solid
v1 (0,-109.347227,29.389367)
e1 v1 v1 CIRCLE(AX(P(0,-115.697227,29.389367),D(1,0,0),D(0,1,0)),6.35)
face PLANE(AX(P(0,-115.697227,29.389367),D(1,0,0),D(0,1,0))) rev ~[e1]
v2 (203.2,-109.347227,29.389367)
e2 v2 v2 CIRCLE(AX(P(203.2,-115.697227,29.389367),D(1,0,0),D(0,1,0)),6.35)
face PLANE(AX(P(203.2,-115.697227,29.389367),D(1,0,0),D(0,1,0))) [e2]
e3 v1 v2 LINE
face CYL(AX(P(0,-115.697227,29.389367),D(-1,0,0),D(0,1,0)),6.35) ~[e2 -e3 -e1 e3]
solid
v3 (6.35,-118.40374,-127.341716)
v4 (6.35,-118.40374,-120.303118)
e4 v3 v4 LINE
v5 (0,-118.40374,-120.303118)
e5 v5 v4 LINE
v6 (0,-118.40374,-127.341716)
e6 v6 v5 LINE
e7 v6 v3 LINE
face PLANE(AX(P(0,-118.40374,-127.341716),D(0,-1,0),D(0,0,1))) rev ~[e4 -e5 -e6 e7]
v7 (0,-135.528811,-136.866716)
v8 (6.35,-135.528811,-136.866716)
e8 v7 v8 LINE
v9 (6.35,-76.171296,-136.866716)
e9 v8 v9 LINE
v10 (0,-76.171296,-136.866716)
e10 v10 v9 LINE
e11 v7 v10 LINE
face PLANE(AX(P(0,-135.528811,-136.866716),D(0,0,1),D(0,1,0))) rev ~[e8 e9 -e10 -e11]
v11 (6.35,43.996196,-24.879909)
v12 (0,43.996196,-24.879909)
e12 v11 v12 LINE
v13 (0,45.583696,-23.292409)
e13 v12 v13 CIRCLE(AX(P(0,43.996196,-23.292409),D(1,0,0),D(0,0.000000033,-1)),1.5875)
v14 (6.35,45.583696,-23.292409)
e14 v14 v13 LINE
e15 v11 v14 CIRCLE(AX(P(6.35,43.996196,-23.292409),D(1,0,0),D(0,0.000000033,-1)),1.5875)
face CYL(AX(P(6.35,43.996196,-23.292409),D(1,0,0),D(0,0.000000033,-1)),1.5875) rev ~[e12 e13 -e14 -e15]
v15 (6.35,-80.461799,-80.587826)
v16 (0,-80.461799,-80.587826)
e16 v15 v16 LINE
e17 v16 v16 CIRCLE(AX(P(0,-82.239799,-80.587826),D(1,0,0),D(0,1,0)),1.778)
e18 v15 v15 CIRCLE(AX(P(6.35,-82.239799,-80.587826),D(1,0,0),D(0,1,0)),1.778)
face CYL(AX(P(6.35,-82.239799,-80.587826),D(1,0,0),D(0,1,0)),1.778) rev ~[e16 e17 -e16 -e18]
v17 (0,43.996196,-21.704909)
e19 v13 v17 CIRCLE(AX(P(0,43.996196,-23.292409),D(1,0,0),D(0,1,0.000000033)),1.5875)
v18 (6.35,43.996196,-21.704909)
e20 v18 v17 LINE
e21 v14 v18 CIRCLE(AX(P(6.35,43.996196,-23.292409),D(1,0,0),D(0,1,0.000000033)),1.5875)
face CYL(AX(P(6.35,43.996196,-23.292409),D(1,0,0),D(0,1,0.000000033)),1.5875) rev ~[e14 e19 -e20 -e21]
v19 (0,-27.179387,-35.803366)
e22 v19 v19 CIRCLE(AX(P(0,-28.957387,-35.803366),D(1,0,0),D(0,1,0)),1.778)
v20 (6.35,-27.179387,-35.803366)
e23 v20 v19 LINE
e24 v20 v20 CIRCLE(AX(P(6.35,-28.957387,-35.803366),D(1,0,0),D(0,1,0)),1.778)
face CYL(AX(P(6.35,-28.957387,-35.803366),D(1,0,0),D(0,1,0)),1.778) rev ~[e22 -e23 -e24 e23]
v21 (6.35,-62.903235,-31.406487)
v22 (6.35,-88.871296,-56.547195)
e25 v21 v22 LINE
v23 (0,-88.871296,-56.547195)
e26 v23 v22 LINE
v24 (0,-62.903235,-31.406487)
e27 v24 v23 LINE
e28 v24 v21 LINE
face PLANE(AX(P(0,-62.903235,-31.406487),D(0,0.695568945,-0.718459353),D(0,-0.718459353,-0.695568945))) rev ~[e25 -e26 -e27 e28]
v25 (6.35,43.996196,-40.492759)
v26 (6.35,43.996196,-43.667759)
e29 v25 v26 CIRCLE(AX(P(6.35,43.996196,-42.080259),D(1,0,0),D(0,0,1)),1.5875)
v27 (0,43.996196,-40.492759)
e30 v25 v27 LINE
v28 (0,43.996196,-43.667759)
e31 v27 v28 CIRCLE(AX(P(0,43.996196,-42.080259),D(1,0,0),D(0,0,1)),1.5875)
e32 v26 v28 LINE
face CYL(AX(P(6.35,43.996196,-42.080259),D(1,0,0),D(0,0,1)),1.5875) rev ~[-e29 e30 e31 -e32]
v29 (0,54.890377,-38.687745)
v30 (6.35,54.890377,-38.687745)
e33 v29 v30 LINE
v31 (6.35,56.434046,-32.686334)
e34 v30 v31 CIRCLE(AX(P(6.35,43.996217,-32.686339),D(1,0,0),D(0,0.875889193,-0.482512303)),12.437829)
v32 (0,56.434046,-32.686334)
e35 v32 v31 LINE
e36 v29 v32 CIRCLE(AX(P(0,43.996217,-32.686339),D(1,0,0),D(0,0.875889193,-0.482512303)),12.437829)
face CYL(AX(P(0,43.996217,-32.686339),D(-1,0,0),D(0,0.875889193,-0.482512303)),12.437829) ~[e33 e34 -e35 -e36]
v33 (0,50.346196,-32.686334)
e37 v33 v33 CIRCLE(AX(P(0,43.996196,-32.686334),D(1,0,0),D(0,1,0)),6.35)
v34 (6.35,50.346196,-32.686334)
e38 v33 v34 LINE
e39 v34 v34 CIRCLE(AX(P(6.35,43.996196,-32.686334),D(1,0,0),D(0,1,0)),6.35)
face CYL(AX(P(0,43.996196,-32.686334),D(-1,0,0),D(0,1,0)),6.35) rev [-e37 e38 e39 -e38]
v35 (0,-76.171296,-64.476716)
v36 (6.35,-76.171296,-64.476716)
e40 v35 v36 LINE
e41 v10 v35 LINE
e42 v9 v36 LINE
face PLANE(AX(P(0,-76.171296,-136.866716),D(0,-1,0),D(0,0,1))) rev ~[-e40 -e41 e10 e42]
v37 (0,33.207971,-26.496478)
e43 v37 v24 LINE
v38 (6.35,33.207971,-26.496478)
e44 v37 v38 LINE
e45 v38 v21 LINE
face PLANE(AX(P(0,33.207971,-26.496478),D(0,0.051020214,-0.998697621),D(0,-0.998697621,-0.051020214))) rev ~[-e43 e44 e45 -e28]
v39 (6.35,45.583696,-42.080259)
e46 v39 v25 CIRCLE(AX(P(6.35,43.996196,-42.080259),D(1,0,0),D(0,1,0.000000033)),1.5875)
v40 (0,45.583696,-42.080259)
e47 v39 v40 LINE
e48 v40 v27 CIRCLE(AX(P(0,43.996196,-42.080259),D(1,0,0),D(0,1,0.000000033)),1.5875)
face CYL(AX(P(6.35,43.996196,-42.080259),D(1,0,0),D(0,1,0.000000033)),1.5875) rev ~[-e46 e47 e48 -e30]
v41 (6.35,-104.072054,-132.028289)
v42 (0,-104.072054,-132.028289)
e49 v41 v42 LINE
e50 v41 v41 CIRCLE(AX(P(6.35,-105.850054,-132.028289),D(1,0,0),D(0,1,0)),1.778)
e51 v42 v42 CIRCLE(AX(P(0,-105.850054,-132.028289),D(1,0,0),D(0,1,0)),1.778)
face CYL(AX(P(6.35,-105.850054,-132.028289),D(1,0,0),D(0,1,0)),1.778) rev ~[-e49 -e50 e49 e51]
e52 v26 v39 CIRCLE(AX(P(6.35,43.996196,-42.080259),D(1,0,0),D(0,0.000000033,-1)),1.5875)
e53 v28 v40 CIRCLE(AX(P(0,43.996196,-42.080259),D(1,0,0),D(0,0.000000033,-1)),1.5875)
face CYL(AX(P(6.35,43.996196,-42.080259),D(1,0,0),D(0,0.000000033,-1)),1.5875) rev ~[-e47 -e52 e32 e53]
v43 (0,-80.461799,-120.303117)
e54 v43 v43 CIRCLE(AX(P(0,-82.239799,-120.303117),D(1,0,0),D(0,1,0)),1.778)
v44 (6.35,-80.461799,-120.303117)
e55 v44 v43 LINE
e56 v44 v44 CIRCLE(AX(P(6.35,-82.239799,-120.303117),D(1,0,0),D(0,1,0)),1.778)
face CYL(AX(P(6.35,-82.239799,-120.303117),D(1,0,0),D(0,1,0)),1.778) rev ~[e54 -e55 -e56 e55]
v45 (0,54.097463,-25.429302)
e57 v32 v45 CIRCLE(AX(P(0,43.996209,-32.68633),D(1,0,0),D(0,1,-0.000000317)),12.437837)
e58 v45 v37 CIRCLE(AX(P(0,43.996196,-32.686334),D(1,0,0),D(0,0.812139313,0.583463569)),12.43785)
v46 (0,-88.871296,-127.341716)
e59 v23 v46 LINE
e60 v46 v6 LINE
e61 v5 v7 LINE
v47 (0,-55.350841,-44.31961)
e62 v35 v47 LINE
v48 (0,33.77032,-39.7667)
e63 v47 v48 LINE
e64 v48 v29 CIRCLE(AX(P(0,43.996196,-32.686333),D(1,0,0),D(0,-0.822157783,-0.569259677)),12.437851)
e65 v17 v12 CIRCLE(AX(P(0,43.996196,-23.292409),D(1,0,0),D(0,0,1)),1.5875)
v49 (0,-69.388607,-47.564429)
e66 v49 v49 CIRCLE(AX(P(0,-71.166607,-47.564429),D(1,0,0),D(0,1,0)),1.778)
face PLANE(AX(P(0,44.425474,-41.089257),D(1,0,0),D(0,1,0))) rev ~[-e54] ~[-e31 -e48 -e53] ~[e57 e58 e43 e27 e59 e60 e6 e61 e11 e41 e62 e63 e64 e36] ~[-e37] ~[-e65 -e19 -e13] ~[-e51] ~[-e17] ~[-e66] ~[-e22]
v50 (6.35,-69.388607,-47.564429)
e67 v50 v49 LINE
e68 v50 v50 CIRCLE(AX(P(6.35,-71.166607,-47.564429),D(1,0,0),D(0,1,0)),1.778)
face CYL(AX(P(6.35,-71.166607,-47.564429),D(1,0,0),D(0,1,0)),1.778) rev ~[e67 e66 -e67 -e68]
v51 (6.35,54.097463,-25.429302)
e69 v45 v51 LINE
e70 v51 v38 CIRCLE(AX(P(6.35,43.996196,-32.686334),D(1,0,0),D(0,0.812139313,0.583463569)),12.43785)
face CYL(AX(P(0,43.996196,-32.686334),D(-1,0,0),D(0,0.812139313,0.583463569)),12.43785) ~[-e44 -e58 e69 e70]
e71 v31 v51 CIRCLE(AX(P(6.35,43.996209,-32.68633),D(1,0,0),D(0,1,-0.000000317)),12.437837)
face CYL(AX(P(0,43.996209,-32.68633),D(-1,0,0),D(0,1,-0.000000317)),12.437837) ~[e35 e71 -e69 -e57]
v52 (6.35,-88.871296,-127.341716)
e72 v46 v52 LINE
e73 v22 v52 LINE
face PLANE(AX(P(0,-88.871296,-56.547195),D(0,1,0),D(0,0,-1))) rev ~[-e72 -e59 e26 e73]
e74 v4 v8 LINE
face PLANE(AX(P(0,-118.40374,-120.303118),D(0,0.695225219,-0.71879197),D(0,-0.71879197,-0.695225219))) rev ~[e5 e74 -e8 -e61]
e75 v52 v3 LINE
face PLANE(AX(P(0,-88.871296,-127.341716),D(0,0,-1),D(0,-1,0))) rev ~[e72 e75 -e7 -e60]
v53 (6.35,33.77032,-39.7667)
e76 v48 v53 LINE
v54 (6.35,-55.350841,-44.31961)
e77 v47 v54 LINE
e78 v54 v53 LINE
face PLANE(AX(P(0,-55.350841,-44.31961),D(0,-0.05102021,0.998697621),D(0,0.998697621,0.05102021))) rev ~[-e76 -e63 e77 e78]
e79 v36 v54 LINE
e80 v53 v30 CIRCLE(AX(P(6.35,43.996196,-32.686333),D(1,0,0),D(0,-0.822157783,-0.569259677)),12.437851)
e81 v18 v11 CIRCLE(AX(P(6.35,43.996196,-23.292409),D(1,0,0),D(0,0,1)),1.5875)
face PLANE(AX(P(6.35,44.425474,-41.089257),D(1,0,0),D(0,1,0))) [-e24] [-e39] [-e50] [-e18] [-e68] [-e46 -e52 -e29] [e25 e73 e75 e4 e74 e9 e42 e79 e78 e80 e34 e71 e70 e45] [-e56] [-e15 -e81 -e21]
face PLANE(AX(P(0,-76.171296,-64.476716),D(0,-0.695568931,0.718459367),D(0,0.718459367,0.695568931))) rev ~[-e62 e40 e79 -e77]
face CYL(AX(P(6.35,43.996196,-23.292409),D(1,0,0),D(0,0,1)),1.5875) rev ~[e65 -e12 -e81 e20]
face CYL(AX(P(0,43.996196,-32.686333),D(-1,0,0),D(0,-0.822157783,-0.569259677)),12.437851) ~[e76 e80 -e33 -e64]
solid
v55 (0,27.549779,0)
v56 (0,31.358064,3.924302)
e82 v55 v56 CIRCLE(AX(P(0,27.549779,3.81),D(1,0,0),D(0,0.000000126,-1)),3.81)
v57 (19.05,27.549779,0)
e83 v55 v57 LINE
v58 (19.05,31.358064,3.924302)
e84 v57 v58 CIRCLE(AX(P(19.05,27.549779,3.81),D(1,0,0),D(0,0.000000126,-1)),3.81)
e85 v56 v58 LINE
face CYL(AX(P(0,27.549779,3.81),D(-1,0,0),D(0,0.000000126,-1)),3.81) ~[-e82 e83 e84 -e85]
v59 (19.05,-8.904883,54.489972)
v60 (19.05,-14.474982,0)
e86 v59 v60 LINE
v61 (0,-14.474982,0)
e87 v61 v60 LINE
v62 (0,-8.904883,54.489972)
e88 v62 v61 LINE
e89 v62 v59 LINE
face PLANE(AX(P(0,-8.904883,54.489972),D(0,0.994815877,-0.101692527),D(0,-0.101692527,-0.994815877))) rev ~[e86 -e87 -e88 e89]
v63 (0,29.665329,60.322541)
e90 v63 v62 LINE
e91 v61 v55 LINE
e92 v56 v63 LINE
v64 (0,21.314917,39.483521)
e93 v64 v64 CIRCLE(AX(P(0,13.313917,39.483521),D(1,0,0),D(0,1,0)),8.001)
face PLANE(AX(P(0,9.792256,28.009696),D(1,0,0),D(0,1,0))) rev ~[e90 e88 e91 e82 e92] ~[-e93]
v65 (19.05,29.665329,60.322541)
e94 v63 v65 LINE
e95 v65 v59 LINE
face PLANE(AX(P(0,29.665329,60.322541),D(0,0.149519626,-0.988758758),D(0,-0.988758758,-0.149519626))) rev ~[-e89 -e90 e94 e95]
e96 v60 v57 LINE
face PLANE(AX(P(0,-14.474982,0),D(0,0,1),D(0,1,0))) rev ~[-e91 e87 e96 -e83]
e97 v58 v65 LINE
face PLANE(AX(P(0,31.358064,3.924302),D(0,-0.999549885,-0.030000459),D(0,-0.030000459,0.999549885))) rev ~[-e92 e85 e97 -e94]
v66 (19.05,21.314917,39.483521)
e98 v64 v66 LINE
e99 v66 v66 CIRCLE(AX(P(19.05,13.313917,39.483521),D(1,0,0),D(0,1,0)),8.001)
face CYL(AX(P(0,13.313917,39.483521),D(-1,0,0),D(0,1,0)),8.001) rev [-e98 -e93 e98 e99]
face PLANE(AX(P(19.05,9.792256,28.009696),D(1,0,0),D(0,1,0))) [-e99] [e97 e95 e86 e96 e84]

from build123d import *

# Parameters (mm, degrees)
F0_R     = 8.001
F1_DEPTH = 19.05
F2_R     = 6.35
F3_DEPTH = 6.35
F4_R     = 6.35
F9_DEPTH = 203.2
F6_DEPTH = 6.351
F7_R     = 1.778
F8_DEPTH = 6.351


with BuildPart() as f1:
    # F0 (on Right) → F1 (new body)
    with BuildSketch(Plane.YZ):
        with BuildLine():
            ThreePointArc((27.549779, 0), (30.283969, 1.156643), (31.358064, 3.924302))
            Line((31.358064, 3.924302), (29.665329, 60.322541))
            Line((29.665329, 60.322541), (-8.904883, 54.489972))
            Line((-8.904883, 54.489972), (-14.474982, 0))
            Line((-14.474982, 0), (27.549779, 0))
        make_face()
        with Locations((13.313917, 39.483521)):
            Circle(F0_R, mode=Mode.SUBTRACT)
    extrude(amount=F1_DEPTH)


with BuildPart() as f3:
    # F2 (on Right) → F3 (new body)
    with BuildSketch(Plane.YZ):
        with BuildLine():
            ThreePointArc((33.77032, -39.7667), (44.630778, -45.107985), (54.890377, -38.687745))
            Line((54.890377, -38.687745), (33.77032, -39.7667))
        make_face()
        with BuildLine():
            Line((33.77032, -39.7667), (54.890377, -38.687745))
            ThreePointArc((54.890377, -38.687745), (56.041949, -35.784715), (56.434046, -32.686334))
            ThreePointArc((56.434046, -32.686334), (55.835499, -28.874375), (54.097463, -25.429302))
            Line((54.097463, -25.429302), (33.207971, -26.496478))
            ThreePointArc((33.207971, -26.496478), (31.569499, -33.212937), (33.77032, -39.7667))
        make_face()
        with Locations((43.996196, -32.686334)):
            Circle(F2_R, mode=Mode.SUBTRACT)
        with BuildLine():
            Line((-55.350841, -44.31961), (33.77032, -39.7667))
            ThreePointArc((33.77032, -39.7667), (31.569499, -33.212937), (33.207971, -26.496478))
            Line((33.207971, -26.496478), (-62.903235, -31.406487))
            Line((-62.903235, -31.406487), (-88.871296, -56.547195))
            Line((-88.871296, -56.547195), (-88.871296, -127.341716))
            Line((-88.871296, -127.341716), (-118.40374, -127.341716))
            Line((-118.40374, -127.341716), (-118.40374, -120.303118))
            Line((-118.40374, -120.303118), (-135.528811, -136.866716))
            Line((-135.528811, -136.866716), (-76.171296, -136.866716))
            Line((-76.171296, -136.866716), (-76.171296, -64.476716))
            Line((-76.171296, -64.476716), (-55.350841, -44.31961))
        make_face()
        with BuildLine():
            ThreePointArc((54.097463, -25.429302), (43.361615, -20.264683), (33.207971, -26.496478))
            Line((33.207971, -26.496478), (54.097463, -25.429302))
        make_face()
    extrude(amount=F3_DEPTH)

    # F5 (on face) → F6 (cut, through all)
    with BuildSketch(Plane.YZ.offset(6.35)):
        with BuildLine():
            ThreePointArc((43.996196, -21.704909), (42.408696, -23.292409), (43.996196, -24.879909))
            Line((43.996196, -24.879909), (43.996196, -21.704909))
        make_face()
        with BuildLine():
            Line((43.996196, -21.704909), (43.996196, -24.879909))
            ThreePointArc((43.996196, -24.879909), (45.118728, -24.414941), (45.583696, -23.292409))
            ThreePointArc((45.583696, -23.292409), (45.118728, -22.169877), (43.996196, -21.704909))
        make_face()
        with BuildLine():
            ThreePointArc((45.583696, -42.080259), (45.118728, -40.957727), (43.996196, -40.492759))
            Line((43.996196, -40.492759), (43.996196, -43.667759))
            ThreePointArc((43.996196, -43.667759), (45.118728, -43.202791), (45.583696, -42.080259))
        make_face()
        with BuildLine():
            Line((43.996196, -43.667759), (43.996196, -40.492759))
            ThreePointArc((43.996196, -40.492759), (42.408696, -42.080259), (43.996196, -43.667759))
        make_face()
    extrude(amount=-F6_DEPTH, mode=Mode.SUBTRACT)

    # F7 (on face) → F8 (cut, through all)
    with BuildSketch(Plane.YZ.offset(6.35)):
        with Locations((-105.850054, -132.028289)):
            Circle(F7_R)
        with Locations((-82.239799, -120.303117)):
            Circle(F7_R)
        with Locations((-82.239799, -80.587826)):
            Circle(F7_R)
        with Locations((-28.957387, -35.803366)):
            Circle(F7_R)
        with Locations((-71.166607, -47.564429)):
            Circle(F7_R)
    extrude(amount=-F8_DEPTH, mode=Mode.SUBTRACT)


with BuildPart() as f9:
    # F4 (on Right) → F9 (new body)
    with BuildSketch(Plane.YZ):
        with Locations((-115.697227, 29.389367)):
            Circle(F4_R)
    extrude(amount=F9_DEPTH)


solid = Compound([f1.part, f3.part, f9.part])
